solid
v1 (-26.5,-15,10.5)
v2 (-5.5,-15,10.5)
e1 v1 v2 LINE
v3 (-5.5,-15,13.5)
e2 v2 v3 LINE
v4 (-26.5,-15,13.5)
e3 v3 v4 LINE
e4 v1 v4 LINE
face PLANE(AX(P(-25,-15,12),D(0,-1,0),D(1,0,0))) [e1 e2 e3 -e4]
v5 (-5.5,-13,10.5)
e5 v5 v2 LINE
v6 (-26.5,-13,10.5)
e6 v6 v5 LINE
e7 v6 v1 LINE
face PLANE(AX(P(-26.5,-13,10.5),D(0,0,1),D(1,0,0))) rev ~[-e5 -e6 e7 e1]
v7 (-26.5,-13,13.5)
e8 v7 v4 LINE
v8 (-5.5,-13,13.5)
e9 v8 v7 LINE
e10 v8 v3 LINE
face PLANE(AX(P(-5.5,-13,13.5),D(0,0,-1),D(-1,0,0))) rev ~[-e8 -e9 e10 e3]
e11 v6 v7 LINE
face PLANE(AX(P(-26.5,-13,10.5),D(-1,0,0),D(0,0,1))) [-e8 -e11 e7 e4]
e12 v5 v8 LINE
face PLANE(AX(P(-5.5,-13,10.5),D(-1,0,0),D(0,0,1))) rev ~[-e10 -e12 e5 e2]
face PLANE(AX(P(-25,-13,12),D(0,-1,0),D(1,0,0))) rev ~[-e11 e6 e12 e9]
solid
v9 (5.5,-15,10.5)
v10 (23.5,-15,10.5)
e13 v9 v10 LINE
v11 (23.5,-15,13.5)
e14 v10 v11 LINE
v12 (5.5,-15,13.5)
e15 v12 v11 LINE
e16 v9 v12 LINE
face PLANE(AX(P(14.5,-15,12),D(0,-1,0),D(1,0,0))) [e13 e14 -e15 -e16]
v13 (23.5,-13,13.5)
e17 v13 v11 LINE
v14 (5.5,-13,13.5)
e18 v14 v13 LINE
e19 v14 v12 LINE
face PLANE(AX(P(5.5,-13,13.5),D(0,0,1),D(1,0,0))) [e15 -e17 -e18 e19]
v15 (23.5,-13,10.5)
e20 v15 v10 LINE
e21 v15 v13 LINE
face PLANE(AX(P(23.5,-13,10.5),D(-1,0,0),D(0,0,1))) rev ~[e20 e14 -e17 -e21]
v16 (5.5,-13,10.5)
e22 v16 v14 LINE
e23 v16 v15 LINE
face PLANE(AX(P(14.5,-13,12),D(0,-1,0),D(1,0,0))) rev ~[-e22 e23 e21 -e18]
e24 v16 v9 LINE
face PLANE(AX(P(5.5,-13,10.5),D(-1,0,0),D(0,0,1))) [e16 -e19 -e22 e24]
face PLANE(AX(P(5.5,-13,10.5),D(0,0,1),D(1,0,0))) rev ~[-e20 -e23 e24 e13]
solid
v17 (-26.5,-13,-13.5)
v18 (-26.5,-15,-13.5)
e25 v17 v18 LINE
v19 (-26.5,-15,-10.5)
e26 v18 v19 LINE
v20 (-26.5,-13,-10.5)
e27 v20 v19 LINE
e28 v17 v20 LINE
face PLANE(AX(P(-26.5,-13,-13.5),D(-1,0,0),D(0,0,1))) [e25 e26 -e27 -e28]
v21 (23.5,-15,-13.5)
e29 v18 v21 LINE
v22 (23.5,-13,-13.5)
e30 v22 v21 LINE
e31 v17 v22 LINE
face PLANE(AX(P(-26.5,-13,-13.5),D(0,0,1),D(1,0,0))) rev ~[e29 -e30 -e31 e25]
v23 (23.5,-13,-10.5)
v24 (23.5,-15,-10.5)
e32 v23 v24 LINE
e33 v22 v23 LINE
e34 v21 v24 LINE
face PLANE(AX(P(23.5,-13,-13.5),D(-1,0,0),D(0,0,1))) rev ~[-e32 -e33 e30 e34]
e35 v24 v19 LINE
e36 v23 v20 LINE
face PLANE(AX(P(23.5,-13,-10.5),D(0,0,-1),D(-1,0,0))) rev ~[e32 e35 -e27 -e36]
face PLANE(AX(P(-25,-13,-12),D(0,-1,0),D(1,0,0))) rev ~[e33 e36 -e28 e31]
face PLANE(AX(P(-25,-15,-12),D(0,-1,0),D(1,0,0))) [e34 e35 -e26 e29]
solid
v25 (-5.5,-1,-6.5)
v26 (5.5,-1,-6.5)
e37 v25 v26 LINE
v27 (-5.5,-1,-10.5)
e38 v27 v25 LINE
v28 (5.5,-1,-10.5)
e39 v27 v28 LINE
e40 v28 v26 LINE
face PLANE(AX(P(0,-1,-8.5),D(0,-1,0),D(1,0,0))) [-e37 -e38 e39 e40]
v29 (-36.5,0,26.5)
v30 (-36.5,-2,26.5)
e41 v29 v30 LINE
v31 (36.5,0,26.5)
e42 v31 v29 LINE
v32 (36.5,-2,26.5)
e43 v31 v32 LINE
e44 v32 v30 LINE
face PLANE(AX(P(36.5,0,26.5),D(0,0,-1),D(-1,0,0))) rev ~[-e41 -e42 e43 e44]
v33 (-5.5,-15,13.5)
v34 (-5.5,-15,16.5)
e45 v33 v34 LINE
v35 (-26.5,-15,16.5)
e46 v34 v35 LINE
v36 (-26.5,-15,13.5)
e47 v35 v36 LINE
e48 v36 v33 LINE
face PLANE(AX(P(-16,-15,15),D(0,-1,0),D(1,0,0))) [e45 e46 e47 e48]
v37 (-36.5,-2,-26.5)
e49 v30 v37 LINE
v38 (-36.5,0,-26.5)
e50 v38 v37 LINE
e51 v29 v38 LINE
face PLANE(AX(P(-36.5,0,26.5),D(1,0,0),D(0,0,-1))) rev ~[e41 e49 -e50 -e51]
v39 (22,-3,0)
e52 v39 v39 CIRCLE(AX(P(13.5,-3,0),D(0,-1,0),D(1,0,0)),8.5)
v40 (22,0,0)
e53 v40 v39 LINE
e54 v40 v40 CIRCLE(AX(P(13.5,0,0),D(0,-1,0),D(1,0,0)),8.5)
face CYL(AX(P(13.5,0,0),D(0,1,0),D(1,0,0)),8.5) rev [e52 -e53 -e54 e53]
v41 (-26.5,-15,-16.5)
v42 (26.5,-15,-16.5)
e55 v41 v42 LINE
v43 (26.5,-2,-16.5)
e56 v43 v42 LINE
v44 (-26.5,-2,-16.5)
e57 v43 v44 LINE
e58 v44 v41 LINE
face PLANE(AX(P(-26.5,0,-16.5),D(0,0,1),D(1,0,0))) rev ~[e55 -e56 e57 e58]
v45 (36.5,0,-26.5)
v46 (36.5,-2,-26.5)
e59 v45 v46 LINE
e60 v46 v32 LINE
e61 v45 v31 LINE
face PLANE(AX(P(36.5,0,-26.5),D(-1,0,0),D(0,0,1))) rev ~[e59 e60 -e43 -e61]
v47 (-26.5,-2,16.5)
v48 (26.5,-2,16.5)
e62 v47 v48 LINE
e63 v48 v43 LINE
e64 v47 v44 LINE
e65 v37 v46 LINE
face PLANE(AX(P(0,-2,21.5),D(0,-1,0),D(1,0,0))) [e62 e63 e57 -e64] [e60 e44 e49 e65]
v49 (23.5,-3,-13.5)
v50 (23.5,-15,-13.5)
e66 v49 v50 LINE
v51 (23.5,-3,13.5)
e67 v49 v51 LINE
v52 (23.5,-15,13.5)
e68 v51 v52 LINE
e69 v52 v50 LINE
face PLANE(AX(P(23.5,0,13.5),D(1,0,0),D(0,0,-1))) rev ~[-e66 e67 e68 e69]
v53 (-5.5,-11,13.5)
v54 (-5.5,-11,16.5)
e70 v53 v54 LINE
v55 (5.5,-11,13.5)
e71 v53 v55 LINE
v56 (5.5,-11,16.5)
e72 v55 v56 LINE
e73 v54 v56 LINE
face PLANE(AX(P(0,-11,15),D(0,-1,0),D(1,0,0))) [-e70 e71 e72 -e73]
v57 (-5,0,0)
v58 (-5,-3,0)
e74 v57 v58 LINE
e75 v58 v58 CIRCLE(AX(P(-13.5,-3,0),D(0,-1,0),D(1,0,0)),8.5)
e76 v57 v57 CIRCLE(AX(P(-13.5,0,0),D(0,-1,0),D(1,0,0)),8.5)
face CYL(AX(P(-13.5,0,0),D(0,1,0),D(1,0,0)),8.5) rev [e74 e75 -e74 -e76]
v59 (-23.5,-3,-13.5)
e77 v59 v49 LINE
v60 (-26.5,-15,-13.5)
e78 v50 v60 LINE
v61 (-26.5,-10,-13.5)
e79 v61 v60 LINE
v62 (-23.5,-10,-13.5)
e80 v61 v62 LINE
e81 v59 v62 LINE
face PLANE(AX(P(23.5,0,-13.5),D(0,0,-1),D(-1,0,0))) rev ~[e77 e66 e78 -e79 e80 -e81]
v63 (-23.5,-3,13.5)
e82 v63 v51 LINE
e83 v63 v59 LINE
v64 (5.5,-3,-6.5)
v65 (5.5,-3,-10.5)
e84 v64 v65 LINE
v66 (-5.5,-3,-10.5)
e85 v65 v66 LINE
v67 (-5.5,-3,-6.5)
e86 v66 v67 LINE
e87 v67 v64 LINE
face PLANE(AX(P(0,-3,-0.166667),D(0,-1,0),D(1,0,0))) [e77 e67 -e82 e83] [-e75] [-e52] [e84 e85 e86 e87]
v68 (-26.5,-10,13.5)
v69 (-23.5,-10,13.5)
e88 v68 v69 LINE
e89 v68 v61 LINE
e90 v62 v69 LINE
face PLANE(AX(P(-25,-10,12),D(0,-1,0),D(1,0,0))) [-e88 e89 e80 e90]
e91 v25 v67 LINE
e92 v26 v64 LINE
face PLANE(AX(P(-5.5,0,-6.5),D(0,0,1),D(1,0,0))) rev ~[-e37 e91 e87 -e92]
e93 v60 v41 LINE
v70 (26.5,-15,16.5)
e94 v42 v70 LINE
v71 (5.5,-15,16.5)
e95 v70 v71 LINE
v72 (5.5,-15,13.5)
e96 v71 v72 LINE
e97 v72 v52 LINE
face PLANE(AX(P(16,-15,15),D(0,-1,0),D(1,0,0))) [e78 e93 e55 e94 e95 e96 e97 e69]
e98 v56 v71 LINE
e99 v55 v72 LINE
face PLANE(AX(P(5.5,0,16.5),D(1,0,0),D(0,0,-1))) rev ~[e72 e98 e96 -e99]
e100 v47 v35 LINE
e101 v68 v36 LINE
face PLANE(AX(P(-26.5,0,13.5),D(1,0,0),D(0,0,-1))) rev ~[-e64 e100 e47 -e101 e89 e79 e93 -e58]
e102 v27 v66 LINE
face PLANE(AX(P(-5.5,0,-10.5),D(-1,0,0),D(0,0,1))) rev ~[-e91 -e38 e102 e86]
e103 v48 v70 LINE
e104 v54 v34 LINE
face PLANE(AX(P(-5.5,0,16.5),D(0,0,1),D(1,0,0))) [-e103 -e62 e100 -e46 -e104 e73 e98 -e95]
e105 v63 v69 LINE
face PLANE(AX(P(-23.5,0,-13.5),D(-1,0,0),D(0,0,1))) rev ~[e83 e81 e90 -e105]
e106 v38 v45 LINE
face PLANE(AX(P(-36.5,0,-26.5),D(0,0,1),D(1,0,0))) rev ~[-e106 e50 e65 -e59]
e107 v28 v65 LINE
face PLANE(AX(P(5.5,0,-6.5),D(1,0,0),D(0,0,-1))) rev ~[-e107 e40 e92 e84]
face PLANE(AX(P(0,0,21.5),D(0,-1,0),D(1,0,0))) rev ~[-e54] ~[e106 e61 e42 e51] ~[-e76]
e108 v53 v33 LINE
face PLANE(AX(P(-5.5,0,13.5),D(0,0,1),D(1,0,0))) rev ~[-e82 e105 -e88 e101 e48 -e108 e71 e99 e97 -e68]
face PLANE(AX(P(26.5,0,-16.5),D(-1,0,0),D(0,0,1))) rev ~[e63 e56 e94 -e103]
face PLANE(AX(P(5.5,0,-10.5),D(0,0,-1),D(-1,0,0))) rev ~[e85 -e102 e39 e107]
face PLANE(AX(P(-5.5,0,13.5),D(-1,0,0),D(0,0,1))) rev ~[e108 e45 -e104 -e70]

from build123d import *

# Parameters (mm, degrees)
F0_R     = 8.5
F0_W     = 18
F0_H     = 3
F0_W_2   = 11
F1_DEPTH = 3
F0_H_2   = 4
F2_DEPTH = 1
F3_DEPTH = 15
F4_DEPTH = 11
F5_DEPTH = 2
F0_W_3   = 3
F0_H_3   = 21
F6_DEPTH = 10
F7_START = 13
F7_DEPTH = 2


with BuildPart() as f1:
    # F0 (on Front) → F1 (new body)
    with BuildSketch(Plane.XZ):
        Polygon((-5.5, 10.5), (-23.5, 10.5), (-23.5, -10.5), (-5.5, -10.5), (-5.5, -6.5), (5.5, -6.5), (5.5, -10.5), (23.5, -10.5), (23.5, 10.5), (5.5, 10.5), align=None)
        with Locations((-13.5, 0)):
            Circle(F0_R, mode=Mode.SUBTRACT)
        with Locations((13.5, 0)):
            Circle(F0_R, mode=Mode.SUBTRACT)
        Polygon((-5.5, -10.5), (-23.5, -10.5), (-23.5, -13.5), (-5.5, -13.5), (5.5, -13.5), (23.5, -13.5), (23.5, -10.5), (5.5, -10.5), align=None)
        with Locations((-14.5, 12)):
            Rectangle(F0_W, F0_H)
        with Locations((0, 12)):
            Rectangle(F0_W_2, F0_H)
        with Locations((14.5, 12)):
            Rectangle(F0_W, F0_H)
    extrude(amount=F1_DEPTH)

    # F0 (on Front) → F2 (join)
    with BuildSketch(Plane.XZ):
        with Locations((0, -8.5)):
            Rectangle(F0_W_2, F0_H_2)
    extrude(amount=F2_DEPTH)

    # F0 (on Front) → F3 (join)
    with BuildSketch(Plane.XZ):
        Polygon((-26.5, 13.5), (-23.5, 13.5), (-5.5, 13.5), (-5.5, 16.5), (-26.5, 16.5), align=None)
        Polygon((5.5, 16.5), (5.5, 13.5), (23.5, 13.5), (26.5, 13.5), (26.5, 16.5), align=None)
        Polygon((26.5, 13.5), (23.5, 13.5), (23.5, 10.5), (23.5, -10.5), (23.5, -13.5), (26.5, -13.5), align=None)
        Polygon((26.5, -16.5), (26.5, -13.5), (23.5, -13.5), (5.5, -13.5), (5.5, -16.5), align=None)
        with Locations((0, -15)):
            Rectangle(F0_W_2, F0_H)
        Polygon((-5.5, -13.5), (-23.5, -13.5), (-26.5, -13.5), (-26.5, -16.5), (-5.5, -16.5), align=None)
    extrude(amount=F3_DEPTH)

    # F0 (on Front) → F4 (join)
    with BuildSketch(Plane.XZ):
        with Locations((0, 15)):
            Rectangle(F0_W_2, F0_H)
    extrude(amount=F4_DEPTH)

    # F0 (on Front) → F5 (join)
    with BuildSketch(Plane.XZ):
        Polygon((-26.5, 16.5), (-5.5, 16.5), (5.5, 16.5), (26.5, 16.5), (36.5, 16.5), (36.5, 26.5), (-36.5, 26.5), (-36.5, 16.5), align=None)
        Polygon((-26.5, 10.5), (-26.5, 13.5), (-26.5, 16.5), (-36.5, 16.5), (-36.5, -16.5), (-26.5, -16.5), (-26.5, -13.5), (-26.5, -10.5), align=None)
        Polygon((-26.5, -16.5), (-36.5, -16.5), (-36.5, -26.5), (36.5, -26.5), (36.5, -16.5), (26.5, -16.5), (5.5, -16.5), (-5.5, -16.5), align=None)
        Polygon((26.5, 16.5), (26.5, 13.5), (26.5, -13.5), (26.5, -16.5), (36.5, -16.5), (36.5, 16.5), align=None)
    extrude(amount=F5_DEPTH)

    # F0 (on Front) → F6 (join)
    with BuildSketch(Plane.XZ):
        with Locations((-25, 12)):
            Rectangle(F0_W_3, F0_H)
        with Locations((-25, 0)):
            Rectangle(F0_W_3, F0_H_3)
        with Locations((-25, -12)):
            Rectangle(F0_W_3, F0_H)
    extrude(amount=F6_DEPTH)


with BuildPart() as f7:
    # F0 (on Front) → F7 (new body)
    with BuildSketch(Plane.XZ.offset(F7_START)):
        with Locations((-25, 12)):
            Rectangle(F0_W_3, F0_H)
        with Locations((-14.5, 12)):
            Rectangle(F0_W, F0_H)
    extrude(amount=F7_DEPTH)


with BuildPart() as f7b:
    # F0 (on Front) → F7, piece 2 (new body)
    with BuildSketch(Plane.XZ.offset(F7_START)):
        with Locations((-25, -12)):
            Rectangle(F0_W_3, F0_H)
        Polygon((-5.5, -10.5), (-23.5, -10.5), (-23.5, -13.5), (-5.5, -13.5), (5.5, -13.5), (23.5, -13.5), (23.5, -10.5), (5.5, -10.5), align=None)
    extrude(amount=F7_DEPTH)


with BuildPart() as f7c:
    # F0 (on Front) → F7, piece 3 (new body)
    with BuildSketch(Plane.XZ.offset(F7_START)):
        with Locations((14.5, 12)):
            Rectangle(F0_W, F0_H)
    extrude(amount=F7_DEPTH)


solid = Compound([f1.part, f7.part, f7b.part, f7c.part])
